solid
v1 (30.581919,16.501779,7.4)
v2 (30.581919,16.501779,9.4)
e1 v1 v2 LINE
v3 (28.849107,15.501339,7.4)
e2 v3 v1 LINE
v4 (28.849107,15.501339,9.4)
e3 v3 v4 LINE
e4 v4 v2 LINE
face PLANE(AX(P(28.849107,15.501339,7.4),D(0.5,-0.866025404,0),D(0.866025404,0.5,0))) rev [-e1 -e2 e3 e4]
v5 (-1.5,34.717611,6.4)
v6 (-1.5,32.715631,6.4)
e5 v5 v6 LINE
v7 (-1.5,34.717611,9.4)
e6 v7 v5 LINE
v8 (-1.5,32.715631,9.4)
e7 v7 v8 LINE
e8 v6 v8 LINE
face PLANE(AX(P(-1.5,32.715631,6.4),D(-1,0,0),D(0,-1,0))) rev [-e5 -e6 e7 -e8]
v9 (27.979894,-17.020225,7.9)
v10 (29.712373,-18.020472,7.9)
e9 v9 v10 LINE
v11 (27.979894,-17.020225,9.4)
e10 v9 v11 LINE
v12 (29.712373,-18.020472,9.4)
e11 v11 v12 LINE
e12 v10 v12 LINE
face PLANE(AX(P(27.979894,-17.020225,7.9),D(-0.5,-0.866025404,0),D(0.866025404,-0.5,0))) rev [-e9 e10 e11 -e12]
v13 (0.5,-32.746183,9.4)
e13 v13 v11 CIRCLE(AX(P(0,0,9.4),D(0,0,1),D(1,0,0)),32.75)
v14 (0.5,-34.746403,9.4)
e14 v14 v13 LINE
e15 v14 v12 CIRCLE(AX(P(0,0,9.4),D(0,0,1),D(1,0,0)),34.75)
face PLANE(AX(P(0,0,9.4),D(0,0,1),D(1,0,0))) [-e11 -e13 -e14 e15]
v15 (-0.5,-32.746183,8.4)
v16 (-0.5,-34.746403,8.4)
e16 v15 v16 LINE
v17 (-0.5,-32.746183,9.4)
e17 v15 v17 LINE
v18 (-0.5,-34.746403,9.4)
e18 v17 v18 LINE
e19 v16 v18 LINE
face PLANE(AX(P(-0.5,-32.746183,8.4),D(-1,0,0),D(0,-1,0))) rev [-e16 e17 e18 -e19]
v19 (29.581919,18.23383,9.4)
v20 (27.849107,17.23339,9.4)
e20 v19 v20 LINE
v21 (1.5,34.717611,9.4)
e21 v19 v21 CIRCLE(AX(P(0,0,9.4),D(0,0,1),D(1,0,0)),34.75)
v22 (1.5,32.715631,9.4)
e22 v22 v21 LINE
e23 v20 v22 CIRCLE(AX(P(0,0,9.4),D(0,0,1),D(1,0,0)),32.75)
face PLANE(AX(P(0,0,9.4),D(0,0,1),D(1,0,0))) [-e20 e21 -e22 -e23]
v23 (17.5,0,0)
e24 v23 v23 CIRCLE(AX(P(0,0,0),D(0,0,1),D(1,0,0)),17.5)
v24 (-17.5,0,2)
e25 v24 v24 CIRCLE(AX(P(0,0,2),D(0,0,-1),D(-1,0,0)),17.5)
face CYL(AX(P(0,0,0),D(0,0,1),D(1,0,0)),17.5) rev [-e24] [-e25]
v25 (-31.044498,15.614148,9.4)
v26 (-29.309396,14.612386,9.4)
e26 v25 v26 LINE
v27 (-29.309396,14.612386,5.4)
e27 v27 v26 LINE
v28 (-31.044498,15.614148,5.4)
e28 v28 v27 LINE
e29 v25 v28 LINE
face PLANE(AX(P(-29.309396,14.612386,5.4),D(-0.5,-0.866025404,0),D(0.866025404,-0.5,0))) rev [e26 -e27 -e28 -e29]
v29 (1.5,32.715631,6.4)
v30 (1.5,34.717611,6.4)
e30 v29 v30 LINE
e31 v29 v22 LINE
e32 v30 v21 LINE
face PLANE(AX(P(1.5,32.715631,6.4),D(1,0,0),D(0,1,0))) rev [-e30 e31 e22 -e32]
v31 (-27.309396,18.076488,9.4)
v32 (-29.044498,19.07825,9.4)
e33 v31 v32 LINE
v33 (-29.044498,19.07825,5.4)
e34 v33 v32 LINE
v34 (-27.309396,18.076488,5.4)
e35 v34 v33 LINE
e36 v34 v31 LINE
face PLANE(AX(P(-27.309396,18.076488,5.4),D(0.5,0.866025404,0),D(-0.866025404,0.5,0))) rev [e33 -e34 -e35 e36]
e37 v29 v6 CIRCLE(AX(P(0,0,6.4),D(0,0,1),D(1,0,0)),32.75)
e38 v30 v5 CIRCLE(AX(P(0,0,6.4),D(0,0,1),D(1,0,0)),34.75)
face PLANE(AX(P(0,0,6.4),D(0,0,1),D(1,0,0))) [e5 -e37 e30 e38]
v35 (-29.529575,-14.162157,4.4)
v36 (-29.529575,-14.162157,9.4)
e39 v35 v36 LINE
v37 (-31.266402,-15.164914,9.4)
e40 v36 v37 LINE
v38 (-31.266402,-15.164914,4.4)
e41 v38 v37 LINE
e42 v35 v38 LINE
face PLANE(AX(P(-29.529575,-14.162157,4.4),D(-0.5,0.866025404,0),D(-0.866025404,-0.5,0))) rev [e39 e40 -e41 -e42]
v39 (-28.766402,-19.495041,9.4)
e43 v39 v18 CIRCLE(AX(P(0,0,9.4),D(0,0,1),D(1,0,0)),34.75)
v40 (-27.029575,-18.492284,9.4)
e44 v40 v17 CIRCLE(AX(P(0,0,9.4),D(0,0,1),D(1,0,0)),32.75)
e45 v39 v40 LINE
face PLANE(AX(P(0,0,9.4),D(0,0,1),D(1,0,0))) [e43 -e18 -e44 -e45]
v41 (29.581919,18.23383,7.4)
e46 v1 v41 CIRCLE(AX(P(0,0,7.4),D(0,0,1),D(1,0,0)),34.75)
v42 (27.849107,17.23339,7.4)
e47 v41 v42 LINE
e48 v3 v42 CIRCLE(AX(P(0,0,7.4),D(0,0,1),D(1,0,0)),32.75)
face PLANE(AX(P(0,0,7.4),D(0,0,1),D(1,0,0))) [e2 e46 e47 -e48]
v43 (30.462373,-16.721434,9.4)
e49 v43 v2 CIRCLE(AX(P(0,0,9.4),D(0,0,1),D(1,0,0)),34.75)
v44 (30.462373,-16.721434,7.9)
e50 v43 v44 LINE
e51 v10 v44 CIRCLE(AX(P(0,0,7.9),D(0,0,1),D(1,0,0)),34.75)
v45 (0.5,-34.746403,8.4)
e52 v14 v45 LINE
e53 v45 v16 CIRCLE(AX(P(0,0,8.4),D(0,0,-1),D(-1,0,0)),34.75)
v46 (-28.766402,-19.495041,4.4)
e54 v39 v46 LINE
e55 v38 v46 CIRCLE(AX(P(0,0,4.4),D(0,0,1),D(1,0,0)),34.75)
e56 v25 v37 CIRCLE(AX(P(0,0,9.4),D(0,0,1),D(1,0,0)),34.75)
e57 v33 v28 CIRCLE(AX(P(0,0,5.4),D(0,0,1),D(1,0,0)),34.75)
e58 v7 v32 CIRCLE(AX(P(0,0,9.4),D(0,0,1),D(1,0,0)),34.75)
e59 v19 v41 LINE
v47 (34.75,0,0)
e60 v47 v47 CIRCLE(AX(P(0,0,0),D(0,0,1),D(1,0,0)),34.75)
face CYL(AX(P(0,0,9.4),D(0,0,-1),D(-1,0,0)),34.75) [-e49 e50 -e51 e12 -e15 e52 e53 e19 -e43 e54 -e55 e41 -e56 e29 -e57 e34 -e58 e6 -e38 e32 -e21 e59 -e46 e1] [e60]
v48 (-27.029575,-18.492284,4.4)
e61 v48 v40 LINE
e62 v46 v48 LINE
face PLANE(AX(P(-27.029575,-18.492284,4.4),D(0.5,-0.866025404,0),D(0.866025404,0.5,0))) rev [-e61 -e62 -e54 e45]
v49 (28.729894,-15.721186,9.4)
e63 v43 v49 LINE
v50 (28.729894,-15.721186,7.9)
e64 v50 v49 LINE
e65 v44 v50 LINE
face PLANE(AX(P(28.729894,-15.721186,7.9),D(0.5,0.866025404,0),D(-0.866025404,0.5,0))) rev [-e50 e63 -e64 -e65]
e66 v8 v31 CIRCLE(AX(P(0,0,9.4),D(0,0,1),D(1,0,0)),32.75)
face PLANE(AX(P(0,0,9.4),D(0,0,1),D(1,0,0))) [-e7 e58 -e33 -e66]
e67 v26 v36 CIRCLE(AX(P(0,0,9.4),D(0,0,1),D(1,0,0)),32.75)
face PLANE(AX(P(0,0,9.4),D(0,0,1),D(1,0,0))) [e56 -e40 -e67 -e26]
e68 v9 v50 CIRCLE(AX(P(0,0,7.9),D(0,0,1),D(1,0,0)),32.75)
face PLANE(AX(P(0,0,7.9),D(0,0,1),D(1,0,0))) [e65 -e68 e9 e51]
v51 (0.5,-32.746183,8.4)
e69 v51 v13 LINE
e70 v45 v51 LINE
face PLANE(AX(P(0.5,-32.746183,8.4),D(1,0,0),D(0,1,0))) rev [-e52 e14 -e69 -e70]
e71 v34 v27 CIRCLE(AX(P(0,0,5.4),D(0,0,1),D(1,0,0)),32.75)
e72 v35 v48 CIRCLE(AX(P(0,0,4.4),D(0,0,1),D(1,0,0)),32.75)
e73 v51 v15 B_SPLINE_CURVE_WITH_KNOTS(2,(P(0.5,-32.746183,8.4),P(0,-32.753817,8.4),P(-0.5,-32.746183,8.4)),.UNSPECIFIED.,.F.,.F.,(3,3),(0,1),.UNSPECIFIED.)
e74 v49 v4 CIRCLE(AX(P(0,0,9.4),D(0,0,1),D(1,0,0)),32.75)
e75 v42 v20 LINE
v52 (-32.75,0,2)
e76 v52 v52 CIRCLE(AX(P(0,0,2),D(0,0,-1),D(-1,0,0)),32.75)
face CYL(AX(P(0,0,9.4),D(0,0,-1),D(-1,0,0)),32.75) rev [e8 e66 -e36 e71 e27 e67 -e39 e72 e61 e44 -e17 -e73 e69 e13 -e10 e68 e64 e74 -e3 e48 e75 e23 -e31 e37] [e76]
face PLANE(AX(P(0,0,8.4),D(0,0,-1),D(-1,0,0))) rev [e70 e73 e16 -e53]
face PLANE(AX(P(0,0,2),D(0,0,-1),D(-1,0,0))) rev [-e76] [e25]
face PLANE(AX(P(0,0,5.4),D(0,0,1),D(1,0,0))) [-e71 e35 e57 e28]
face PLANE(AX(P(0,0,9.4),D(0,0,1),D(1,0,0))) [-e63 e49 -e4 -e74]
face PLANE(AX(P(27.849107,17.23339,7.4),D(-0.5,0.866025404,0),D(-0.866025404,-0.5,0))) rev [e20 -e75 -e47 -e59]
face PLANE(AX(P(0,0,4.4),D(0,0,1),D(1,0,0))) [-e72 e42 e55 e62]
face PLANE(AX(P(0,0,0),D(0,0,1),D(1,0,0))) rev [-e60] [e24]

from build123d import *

# Parameters (mm, degrees)
ESQUISSE1_R                  = 34.75
ESQUISSE1_R_2                = 32.75
BOSS_EXTRU_1_DEPTH           = 9.4
ESQUISSE2_R                  = 34.75
BOSS_EXTRU_2_DEPTH           = 2
ESQUISSE3_W                  = 1
ESQUISSE3_H                  = 2.5
ENL_V_MAT_EXTRU_1_DEPTH      = 1
ENL_V_MAT_EXTRU_2_DEPTH      = 1.5
ENL_V_MAT_EXTRU_3_DEPTH      = 2
ESQUISSE6_W                  = 3
ESQUISSE6_H                  = 2.5
ENL_V_MAT_EXTRU_4_DEPTH      = 3
ENL_V_MAT_EXTRU_5_DEPTH      = 4
ENL_V_MAT_EXTRU_6_DEPTH      = 5
ENL_V_MAT_EXTRU_7_DEPTH      = 50.697937583
ENL_V_MAT_EXTRU_7_DEPTH_BACK = 50.697937583
ESQUISSE9_R                  = 17.5


with BuildPart() as part:
    # Esquisse1 → Boss.-Extru.1 (new body)
    with BuildSketch(Plane.XY):
        Circle(ESQUISSE1_R)
        Circle(ESQUISSE1_R_2, mode=Mode.SUBTRACT)
    extrude(amount=BOSS_EXTRU_1_DEPTH)

    # Esquisse2 → Boss.-Extru.2 (add)
    with BuildSketch(Plane(origin=(0, 0, 0), x_dir=(-1, 0, 0), z_dir=(0, 0, -1))):
        with Locations(Location((0, 0, 0), (0, 0, 180))):
            Circle(ESQUISSE2_R)
    extrude(amount=-BOSS_EXTRU_2_DEPTH)

    # Esquisse3 → Enlèv. mat.-Extru.1 (cut)
    with BuildSketch(Plane.XY.offset(9.4)):
        with Locations((0, -33.996182984)):
            Rectangle(ESQUISSE3_W, ESQUISSE3_H)
    extrude(amount=-ENL_V_MAT_EXTRU_1_DEPTH, mode=Mode.SUBTRACT)

    # Esquisse4 → Enlèv. mat.-Extru.2 (cut)
    with BuildSketch(Plane.XY.offset(9.4)):
        Polygon((28.729893758, -15.721186491), (27.979893758, -17.020224597), (30.144957267, -18.270224597), (30.894957267, -16.971186491), align=None)
    extrude(amount=-ENL_V_MAT_EXTRU_2_DEPTH, mode=Mode.SUBTRACT)

    # Esquisse5 → Enlèv. mat.-Extru.3 (cut)
    with BuildSketch(Plane.XY.offset(9.4)):
        Polygon((27.849107129, 17.233390036), (28.849107129, 15.501339228), (31.014170638, 16.751339228), (30.014170638, 18.483390036), align=None)
    extrude(amount=-ENL_V_MAT_EXTRU_3_DEPTH, mode=Mode.SUBTRACT)

    # Esquisse6 → Enlèv. mat.-Extru.4 (cut)
    with BuildSketch(Plane.XY.offset(9.4)):
        with Locations((0, 33.965630821)):
            Rectangle(ESQUISSE6_W, ESQUISSE6_H)
    extrude(amount=-ENL_V_MAT_EXTRU_4_DEPTH, mode=Mode.SUBTRACT)

    # Esquisse7 → Enlèv. mat.-Extru.5 (cut)
    with BuildSketch(Plane.XY.offset(9.4)):
        Polygon((-29.309395525, 14.612386319), (-27.309395525, 18.076487935), (-29.474459035, 19.326487935), (-31.474459035, 15.862386319), align=None)
    extrude(amount=-ENL_V_MAT_EXTRU_5_DEPTH, mode=Mode.SUBTRACT)

    # Esquisse8 → Enlèv. mat.-Extru.6 (cut)
    with BuildSketch(Plane.XY.offset(9.4)):
        Polygon((-27.029575227, -18.492283879), (-29.529575227, -14.16215686), (-31.694638736, -15.41215686), (-29.194638736, -19.742283879), align=None)
    extrude(amount=-ENL_V_MAT_EXTRU_6_DEPTH, mode=Mode.SUBTRACT)

    # Esquisse9 → Enlèv. mat.-Extru.7 (cut, two sides: drawn at the far end of the back side and taken through both)
    with BuildSketch(Plane.XY.offset(2).offset(-ENL_V_MAT_EXTRU_7_DEPTH_BACK)):
        Circle(ESQUISSE9_R)
    extrude(amount=ENL_V_MAT_EXTRU_7_DEPTH + ENL_V_MAT_EXTRU_7_DEPTH_BACK, mode=Mode.SUBTRACT)


solid = part.part
